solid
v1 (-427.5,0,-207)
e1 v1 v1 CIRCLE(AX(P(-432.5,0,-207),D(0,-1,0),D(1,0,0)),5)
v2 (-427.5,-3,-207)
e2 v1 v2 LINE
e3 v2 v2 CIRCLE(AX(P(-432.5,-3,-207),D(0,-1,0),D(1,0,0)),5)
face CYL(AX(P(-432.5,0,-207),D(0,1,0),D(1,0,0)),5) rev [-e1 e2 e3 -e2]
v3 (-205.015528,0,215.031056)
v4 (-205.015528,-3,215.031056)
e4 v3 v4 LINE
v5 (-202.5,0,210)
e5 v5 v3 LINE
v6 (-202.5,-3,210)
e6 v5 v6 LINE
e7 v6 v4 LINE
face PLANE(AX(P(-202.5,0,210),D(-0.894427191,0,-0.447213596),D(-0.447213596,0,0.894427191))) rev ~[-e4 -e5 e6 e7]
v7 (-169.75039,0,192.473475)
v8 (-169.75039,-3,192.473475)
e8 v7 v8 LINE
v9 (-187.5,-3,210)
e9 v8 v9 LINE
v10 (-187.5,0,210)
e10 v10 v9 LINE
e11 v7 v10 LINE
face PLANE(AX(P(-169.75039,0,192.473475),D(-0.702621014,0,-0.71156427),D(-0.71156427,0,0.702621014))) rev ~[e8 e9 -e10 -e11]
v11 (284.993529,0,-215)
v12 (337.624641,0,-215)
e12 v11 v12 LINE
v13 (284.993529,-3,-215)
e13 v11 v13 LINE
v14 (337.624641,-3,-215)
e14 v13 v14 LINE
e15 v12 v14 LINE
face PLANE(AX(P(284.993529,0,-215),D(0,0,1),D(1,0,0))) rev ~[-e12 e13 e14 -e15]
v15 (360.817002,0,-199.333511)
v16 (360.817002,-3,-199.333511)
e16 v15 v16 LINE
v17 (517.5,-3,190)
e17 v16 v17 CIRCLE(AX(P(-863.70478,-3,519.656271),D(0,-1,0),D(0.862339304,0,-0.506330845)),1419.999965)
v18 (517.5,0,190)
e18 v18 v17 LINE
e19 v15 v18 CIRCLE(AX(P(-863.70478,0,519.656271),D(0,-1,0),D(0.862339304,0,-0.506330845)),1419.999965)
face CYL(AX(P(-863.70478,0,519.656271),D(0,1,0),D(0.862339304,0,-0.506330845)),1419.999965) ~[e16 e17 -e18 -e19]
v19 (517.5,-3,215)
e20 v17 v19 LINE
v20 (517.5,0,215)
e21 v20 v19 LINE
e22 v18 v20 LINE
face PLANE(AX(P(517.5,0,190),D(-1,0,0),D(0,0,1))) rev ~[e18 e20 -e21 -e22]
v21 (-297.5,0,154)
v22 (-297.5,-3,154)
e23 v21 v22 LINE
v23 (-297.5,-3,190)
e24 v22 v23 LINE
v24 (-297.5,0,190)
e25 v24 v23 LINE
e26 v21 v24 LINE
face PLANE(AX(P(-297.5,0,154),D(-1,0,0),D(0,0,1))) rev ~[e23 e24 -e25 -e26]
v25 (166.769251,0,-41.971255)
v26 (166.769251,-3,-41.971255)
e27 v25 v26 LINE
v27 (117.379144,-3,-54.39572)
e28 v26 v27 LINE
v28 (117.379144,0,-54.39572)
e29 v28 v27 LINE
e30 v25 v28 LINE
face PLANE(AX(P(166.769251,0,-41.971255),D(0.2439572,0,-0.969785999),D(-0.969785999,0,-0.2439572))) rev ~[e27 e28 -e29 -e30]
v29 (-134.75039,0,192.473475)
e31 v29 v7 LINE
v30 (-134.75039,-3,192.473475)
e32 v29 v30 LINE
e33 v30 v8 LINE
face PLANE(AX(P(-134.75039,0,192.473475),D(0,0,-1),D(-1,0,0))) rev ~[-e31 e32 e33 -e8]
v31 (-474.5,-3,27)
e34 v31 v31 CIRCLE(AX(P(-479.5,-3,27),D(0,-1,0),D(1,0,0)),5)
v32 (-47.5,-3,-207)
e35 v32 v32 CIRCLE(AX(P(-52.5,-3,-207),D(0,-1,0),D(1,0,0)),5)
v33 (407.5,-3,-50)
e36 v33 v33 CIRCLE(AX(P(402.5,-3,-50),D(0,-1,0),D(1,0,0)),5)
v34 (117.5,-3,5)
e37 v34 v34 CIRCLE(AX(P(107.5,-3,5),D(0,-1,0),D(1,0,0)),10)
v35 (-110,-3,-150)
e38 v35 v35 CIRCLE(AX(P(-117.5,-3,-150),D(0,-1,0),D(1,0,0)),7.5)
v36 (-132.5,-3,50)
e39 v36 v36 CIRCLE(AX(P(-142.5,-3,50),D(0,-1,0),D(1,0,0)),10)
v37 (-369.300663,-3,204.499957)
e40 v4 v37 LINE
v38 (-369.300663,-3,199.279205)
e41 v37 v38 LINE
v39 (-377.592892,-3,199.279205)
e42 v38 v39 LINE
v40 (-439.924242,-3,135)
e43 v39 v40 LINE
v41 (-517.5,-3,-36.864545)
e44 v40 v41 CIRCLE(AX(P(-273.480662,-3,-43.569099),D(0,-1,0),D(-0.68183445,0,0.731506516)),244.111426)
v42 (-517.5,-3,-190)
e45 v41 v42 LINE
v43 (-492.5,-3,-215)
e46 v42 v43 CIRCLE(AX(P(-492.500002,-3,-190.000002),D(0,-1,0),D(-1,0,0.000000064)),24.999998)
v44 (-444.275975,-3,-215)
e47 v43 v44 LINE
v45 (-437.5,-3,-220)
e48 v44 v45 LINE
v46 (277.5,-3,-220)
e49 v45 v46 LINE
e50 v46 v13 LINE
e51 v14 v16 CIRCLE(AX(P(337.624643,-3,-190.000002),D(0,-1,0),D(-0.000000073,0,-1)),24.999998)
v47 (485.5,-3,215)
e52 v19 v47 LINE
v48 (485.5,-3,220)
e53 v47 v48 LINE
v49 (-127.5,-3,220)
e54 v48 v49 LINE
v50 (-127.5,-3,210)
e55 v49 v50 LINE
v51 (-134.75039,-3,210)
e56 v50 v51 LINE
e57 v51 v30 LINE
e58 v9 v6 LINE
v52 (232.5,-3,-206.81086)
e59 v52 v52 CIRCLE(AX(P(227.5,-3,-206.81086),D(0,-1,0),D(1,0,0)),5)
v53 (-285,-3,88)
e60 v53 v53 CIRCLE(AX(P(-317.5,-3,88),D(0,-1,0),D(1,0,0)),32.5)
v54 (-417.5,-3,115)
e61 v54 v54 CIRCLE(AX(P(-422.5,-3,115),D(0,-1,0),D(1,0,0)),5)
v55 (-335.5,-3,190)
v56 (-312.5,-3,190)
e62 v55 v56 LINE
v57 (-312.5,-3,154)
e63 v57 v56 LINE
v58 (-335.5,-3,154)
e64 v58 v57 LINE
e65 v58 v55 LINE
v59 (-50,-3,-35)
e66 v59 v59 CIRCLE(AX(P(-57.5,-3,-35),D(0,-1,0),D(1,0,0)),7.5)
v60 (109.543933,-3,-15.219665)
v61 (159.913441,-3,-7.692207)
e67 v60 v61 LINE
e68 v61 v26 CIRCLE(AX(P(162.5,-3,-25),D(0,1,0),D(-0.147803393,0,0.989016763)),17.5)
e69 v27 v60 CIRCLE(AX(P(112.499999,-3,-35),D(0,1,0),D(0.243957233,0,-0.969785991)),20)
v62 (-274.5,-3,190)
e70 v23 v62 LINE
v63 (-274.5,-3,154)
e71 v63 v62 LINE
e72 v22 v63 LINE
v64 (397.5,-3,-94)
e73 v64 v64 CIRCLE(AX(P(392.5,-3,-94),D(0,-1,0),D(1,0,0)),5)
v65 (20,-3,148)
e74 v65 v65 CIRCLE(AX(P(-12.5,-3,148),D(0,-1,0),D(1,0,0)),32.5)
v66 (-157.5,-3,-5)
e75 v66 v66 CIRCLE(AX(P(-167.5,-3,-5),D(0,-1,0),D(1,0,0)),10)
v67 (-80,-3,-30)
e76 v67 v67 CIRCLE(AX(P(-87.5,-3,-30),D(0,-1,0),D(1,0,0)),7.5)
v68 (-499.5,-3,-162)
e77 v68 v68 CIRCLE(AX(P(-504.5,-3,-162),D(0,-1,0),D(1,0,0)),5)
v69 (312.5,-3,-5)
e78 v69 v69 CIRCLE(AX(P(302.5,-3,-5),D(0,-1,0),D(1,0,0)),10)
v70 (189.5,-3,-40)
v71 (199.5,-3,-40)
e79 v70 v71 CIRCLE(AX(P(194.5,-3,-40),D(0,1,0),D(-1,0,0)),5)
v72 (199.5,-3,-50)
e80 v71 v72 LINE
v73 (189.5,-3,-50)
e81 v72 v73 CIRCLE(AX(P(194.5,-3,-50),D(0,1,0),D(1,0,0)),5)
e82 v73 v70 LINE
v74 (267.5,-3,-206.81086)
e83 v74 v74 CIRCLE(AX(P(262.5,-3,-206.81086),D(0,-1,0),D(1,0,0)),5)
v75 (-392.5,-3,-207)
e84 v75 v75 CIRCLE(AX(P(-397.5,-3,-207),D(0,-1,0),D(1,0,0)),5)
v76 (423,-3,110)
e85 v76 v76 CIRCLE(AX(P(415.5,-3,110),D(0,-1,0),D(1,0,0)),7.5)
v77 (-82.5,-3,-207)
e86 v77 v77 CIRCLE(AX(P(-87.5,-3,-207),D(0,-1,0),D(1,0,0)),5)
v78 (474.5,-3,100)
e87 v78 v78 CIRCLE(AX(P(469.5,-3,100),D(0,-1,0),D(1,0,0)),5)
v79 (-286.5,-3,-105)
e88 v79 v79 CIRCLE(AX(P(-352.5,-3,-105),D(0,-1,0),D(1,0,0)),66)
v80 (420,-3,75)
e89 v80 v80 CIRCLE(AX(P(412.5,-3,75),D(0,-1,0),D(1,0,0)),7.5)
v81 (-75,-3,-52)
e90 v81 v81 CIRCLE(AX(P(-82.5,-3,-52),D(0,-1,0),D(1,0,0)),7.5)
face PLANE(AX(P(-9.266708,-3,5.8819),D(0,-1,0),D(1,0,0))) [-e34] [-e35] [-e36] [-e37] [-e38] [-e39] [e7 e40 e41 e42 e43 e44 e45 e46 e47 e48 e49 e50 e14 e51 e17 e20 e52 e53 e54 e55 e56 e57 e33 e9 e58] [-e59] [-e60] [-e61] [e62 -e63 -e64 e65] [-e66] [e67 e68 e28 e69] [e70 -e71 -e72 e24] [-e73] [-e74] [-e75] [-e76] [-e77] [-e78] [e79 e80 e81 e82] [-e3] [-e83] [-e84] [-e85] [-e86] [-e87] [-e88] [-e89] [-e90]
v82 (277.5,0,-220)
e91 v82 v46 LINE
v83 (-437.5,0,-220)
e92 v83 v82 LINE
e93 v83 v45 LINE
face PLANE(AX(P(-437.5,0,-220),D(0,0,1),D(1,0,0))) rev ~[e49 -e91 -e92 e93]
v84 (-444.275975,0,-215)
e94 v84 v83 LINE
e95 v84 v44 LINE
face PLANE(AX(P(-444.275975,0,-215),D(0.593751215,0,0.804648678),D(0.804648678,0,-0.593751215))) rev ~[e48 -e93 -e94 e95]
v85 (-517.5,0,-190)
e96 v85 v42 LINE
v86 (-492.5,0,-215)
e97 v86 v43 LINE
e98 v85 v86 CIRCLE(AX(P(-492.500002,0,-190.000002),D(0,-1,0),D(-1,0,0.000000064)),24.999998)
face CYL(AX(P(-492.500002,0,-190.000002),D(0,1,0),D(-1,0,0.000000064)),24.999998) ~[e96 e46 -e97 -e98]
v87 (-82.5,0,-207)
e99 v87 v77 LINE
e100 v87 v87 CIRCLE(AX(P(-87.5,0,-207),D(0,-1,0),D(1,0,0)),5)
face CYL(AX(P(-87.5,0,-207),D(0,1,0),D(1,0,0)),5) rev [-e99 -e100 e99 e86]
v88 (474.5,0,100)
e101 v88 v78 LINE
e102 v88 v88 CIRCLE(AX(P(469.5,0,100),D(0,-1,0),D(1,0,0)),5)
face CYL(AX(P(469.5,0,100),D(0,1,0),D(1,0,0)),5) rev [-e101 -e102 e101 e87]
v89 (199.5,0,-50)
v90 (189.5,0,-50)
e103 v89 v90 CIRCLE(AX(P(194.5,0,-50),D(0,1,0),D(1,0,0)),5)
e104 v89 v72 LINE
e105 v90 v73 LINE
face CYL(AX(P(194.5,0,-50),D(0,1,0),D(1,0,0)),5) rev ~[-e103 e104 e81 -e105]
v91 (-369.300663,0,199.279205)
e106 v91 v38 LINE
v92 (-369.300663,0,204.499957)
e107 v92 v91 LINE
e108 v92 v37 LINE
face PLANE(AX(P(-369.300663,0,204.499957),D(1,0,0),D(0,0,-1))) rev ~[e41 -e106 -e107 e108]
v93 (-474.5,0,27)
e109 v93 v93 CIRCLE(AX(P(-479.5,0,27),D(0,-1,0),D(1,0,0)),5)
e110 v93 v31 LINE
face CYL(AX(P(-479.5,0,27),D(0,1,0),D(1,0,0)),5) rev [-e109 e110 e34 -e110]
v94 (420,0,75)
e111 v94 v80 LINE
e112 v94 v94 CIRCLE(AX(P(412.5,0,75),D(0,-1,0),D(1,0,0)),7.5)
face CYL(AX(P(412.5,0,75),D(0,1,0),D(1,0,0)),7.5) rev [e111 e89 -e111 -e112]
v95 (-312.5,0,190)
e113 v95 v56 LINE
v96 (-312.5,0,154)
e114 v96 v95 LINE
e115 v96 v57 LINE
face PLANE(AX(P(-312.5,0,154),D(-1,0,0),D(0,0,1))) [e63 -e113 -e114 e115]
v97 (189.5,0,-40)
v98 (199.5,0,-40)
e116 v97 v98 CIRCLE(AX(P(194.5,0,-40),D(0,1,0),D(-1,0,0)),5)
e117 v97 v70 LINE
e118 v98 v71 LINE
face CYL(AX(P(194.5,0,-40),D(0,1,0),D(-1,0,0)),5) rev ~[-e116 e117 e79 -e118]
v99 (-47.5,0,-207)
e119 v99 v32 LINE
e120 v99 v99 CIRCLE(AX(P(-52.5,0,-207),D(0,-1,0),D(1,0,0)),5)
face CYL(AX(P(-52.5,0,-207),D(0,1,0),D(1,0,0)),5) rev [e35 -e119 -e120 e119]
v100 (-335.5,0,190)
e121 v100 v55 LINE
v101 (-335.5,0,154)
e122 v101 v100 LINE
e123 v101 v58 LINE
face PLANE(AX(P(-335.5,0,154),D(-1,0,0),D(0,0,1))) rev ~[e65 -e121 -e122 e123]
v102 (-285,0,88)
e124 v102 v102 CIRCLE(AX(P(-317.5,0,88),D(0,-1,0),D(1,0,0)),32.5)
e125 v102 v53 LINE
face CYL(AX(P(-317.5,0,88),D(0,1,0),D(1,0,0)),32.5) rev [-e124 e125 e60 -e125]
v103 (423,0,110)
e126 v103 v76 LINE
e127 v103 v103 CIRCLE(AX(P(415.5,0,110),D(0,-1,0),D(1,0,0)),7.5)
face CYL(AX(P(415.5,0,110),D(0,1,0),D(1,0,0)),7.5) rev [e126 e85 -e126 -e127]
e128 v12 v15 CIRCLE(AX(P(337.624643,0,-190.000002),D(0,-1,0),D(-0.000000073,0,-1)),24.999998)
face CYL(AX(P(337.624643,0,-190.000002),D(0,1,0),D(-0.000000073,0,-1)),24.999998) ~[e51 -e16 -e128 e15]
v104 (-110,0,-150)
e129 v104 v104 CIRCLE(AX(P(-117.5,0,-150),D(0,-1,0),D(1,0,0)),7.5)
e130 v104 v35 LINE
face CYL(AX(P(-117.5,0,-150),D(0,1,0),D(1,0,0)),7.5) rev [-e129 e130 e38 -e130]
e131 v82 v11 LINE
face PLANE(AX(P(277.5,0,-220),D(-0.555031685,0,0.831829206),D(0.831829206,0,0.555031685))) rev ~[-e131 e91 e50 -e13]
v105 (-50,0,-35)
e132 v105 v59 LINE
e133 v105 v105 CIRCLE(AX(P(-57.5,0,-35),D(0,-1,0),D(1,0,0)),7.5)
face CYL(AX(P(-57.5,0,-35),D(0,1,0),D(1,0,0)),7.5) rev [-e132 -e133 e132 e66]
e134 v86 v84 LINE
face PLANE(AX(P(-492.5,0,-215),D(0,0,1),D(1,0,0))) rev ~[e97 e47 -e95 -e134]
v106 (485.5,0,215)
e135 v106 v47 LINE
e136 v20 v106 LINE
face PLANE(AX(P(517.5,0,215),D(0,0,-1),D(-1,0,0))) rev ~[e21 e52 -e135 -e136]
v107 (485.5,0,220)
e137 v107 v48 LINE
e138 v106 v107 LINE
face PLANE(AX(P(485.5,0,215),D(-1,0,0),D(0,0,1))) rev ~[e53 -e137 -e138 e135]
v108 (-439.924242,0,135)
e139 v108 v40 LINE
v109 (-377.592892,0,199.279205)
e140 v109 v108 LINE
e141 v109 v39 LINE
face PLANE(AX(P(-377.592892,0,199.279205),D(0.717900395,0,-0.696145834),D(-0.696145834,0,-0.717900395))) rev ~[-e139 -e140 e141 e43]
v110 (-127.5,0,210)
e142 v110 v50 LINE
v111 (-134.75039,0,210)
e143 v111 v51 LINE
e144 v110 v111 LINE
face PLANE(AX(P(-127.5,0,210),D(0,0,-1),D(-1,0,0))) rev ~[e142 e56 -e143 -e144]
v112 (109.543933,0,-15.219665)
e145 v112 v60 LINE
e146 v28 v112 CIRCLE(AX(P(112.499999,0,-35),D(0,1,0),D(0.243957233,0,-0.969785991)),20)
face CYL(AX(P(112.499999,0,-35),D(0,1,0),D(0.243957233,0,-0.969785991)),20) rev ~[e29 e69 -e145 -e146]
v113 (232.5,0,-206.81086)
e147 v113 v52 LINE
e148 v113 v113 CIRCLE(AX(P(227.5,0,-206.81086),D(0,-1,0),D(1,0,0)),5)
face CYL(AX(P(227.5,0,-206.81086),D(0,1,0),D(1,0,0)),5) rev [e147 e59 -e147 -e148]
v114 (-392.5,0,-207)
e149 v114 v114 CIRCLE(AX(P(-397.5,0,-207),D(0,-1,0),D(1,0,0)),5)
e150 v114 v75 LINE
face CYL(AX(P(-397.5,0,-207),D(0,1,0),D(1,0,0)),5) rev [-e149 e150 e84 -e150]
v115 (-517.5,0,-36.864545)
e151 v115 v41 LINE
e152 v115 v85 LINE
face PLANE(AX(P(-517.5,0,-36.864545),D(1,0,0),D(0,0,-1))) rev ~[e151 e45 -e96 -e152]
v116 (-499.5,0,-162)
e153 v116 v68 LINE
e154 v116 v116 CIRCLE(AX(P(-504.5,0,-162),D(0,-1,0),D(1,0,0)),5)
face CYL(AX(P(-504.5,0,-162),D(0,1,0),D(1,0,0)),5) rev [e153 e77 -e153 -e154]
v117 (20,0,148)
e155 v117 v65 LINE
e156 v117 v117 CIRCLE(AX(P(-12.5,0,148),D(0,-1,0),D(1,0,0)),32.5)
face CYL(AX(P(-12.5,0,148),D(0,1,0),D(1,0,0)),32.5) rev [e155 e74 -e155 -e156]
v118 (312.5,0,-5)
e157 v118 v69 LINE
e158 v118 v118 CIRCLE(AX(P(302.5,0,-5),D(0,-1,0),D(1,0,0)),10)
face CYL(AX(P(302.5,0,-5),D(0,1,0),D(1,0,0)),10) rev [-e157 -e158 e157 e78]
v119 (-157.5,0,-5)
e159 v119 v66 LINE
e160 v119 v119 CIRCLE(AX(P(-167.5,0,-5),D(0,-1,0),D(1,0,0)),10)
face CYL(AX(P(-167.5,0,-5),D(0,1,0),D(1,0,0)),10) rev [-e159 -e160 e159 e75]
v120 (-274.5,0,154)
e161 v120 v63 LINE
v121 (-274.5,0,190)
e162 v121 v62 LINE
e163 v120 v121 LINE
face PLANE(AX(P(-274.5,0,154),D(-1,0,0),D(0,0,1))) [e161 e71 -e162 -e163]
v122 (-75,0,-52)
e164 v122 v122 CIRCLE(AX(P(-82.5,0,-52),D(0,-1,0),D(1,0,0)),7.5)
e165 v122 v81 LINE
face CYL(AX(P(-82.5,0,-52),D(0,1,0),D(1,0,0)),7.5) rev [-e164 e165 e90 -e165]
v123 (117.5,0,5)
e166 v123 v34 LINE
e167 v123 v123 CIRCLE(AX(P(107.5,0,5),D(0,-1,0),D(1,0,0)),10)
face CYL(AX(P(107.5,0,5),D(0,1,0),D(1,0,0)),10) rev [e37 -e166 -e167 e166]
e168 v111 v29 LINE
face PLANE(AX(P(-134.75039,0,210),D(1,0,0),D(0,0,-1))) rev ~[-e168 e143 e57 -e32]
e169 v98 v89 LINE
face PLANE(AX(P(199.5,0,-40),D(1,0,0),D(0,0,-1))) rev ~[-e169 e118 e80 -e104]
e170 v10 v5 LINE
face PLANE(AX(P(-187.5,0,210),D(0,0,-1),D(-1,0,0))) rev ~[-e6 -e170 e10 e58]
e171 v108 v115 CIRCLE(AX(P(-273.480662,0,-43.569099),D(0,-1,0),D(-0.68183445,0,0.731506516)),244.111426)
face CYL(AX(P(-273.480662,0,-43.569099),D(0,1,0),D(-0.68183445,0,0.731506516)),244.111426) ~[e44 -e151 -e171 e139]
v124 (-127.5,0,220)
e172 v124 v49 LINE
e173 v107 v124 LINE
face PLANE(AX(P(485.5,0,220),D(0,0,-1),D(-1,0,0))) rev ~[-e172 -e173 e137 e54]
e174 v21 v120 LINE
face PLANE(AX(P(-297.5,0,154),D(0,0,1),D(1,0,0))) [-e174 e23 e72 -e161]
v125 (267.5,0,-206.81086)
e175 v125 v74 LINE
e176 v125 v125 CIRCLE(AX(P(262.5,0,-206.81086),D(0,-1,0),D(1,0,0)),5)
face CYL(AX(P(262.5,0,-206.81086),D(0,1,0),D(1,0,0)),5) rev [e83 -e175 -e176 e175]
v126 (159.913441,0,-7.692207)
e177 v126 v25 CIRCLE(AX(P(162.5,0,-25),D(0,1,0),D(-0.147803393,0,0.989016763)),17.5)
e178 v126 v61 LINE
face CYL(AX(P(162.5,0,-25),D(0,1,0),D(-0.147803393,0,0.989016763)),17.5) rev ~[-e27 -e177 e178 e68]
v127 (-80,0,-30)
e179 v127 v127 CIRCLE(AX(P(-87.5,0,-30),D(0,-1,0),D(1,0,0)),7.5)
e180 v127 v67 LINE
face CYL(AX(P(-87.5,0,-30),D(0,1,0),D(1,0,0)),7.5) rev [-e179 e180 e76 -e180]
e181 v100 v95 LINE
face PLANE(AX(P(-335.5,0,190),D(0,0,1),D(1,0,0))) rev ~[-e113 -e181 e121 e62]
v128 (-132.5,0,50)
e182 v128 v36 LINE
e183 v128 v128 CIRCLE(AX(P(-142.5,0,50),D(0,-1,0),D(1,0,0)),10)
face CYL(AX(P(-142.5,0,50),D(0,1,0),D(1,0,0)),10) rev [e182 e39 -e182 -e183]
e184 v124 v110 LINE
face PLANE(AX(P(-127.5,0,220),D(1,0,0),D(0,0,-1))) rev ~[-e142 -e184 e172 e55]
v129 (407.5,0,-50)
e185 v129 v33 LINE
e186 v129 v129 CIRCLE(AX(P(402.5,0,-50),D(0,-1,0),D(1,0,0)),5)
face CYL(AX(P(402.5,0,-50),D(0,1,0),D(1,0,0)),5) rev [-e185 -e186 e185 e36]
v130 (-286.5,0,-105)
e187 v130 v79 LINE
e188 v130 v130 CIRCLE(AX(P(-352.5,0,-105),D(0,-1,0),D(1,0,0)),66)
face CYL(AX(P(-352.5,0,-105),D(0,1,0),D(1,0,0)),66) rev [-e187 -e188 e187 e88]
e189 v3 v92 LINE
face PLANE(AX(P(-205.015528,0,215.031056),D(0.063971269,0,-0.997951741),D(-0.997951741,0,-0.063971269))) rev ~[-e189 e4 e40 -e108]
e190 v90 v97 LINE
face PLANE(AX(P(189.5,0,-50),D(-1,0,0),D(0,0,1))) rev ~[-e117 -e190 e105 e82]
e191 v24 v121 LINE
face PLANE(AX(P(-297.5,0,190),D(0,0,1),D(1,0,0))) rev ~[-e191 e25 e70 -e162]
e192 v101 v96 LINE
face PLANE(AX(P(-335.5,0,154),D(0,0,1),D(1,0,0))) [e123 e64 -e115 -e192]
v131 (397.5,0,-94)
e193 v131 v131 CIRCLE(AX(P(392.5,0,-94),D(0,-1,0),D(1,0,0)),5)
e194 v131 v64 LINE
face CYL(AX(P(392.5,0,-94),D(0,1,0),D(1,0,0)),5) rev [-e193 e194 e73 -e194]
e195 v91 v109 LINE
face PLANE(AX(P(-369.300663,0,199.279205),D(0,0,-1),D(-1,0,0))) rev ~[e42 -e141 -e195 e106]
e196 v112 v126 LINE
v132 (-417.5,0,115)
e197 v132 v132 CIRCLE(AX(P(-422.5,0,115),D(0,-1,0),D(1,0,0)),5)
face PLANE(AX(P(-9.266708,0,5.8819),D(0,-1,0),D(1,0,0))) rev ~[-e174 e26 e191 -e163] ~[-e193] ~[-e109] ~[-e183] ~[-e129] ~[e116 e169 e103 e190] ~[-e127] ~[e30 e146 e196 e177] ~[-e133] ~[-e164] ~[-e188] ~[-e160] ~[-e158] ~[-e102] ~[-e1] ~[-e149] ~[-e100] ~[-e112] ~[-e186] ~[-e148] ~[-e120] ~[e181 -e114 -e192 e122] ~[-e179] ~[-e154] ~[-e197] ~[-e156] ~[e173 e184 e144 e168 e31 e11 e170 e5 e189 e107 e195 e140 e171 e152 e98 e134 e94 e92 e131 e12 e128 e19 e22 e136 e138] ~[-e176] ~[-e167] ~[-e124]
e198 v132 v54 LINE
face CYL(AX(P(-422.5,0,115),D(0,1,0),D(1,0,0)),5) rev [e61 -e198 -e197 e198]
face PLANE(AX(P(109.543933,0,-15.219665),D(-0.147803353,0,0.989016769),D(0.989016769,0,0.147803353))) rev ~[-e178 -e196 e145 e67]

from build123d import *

# Parameters (mm, degrees)
F0_R     = 5
F0_R_2   = 7.5
F0_R_3   = 66
F0_R_4   = 10
F0_R_5   = 32.5
F0_W     = 23
F0_H     = 36
F1_DEPTH = 3


with BuildPart() as f1:
    # F0 (on Front) → F1 (new body)
    with BuildSketch(Plane.XZ):
        with BuildLine():
            Line((485.5, 220), (-127.5, 220))
            Line((-127.5, 220), (-127.5, 210))
            Line((-127.5, 210), (-134.75039, 210))
            Line((-134.75039, 210), (-134.75039, 192.473475))
            Line((-134.75039, 192.473475), (-169.75039, 192.473475))
            Line((-169.75039, 192.473475), (-187.5, 210))
            Line((-187.5, 210), (-202.5, 210))
            Line((-202.5, 210), (-205.015528, 215.031056))
            Line((-205.015528, 215.031056), (-369.300663, 204.499957))
            Line((-369.300663, 204.499957), (-369.300663, 199.279205))
            Line((-369.300663, 199.279205), (-377.592892, 199.279205))
            Line((-377.592892, 199.279205), (-439.924242, 135))
            ThreePointArc((-439.924242, 135), (-495.976296, 56.860385), (-517.5, -36.864545))
            Line((-517.5, -36.864545), (-517.5, -190))
            ThreePointArc((-517.5, -190), (-510.17767, -207.67767), (-492.5, -215))
            Line((-492.5, -215), (-444.275975, -215))
            Line((-444.275975, -215), (-437.5, -220))
            Line((-437.5, -220), (277.5, -220))
            Line((277.5, -220), (284.993529, -215))
            Line((284.993529, -215), (337.624641, -215))
            ThreePointArc((337.624641, -215), (351.618609, -210.716392), (360.817002, -199.333511))
            ThreePointArc((360.817002, -199.333511), (453.621252, -10.487131), (517.5, 190))
            Line((517.5, 190), (517.5, 215))
            Line((517.5, 215), (485.5, 215))
            Line((485.5, 215), (485.5, 220))
        make_face()
        with Locations((-432.5, -207)):
            Circle(F0_R, mode=Mode.SUBTRACT)
        with Locations((-397.5, -207)):
            Circle(F0_R, mode=Mode.SUBTRACT)
        with Locations((-504.5, -162)):
            Circle(F0_R, mode=Mode.SUBTRACT)
        with Locations((-87.5, -207)):
            Circle(F0_R, mode=Mode.SUBTRACT)
        with Locations((-52.5, -207)):
            Circle(F0_R, mode=Mode.SUBTRACT)
        with Locations((-117.5, -150)):
            Circle(F0_R_2, mode=Mode.SUBTRACT)
        with Locations((-352.5, -105)):
            Circle(F0_R_3, mode=Mode.SUBTRACT)
        with Locations((-167.5, -5)):
            Circle(F0_R_4, mode=Mode.SUBTRACT)
        with Locations((-82.5, -52)):
            Circle(F0_R_2, mode=Mode.SUBTRACT)
        with Locations((-87.5, -30)):
            Circle(F0_R_2, mode=Mode.SUBTRACT)
        with Locations((-57.5, -35)):
            Circle(F0_R_2, mode=Mode.SUBTRACT)
        with Locations((227.5, -206.81086)):
            Circle(F0_R, mode=Mode.SUBTRACT)
        with Locations((262.5, -206.81086)):
            Circle(F0_R, mode=Mode.SUBTRACT)
        with BuildLine():
            ThreePointArc((117.379144, -54.39572), (92.888386, -38.922323), (109.543933, -15.219665))
            Line((109.543933, -15.219665), (159.913441, -7.692207))
            ThreePointArc((159.913441, -7.692207), (179.660162, -21.567968), (166.769251, -41.971255))
            Line((166.769251, -41.971255), (117.379144, -54.39572))
        make_face(mode=Mode.SUBTRACT)
        with BuildLine():
            ThreePointArc((189.5, -40), (194.5, -35), (199.5, -40))
            Line((199.5, -40), (199.5, -50))
            ThreePointArc((199.5, -50), (194.5, -55), (189.5, -50))
            Line((189.5, -50), (189.5, -40))
        make_face(mode=Mode.SUBTRACT)
        with Locations((392.5, -94)):
            Circle(F0_R, mode=Mode.SUBTRACT)
        with Locations((302.5, -5)):
            Circle(F0_R_4, mode=Mode.SUBTRACT)
        with Locations((402.5, -50)):
            Circle(F0_R, mode=Mode.SUBTRACT)
        with Locations((-479.5, 27)):
            Circle(F0_R, mode=Mode.SUBTRACT)
        with Locations((-317.5, 88)):
            Circle(F0_R_5, mode=Mode.SUBTRACT)
        with Locations((-142.5, 50)):
            Circle(F0_R_4, mode=Mode.SUBTRACT)
        with Locations((-422.5, 115)):
            Circle(F0_R, mode=Mode.SUBTRACT)
        with Locations((-324, 172)):
            Rectangle(F0_W, F0_H, mode=Mode.SUBTRACT)
        with Locations((-286, 172)):
            Rectangle(F0_W, F0_H, mode=Mode.SUBTRACT)
        with Locations((-12.5, 148)):
            Circle(F0_R_5, mode=Mode.SUBTRACT)
        with Locations((107.5, 5)):
            Circle(F0_R_4, mode=Mode.SUBTRACT)
        with Locations((412.5, 75)):
            Circle(F0_R_2, mode=Mode.SUBTRACT)
        with Locations((469.5, 100)):
            Circle(F0_R, mode=Mode.SUBTRACT)
        with Locations((415.5, 110)):
            Circle(F0_R_2, mode=Mode.SUBTRACT)
    extrude(amount=F1_DEPTH)


solid = f1.part
